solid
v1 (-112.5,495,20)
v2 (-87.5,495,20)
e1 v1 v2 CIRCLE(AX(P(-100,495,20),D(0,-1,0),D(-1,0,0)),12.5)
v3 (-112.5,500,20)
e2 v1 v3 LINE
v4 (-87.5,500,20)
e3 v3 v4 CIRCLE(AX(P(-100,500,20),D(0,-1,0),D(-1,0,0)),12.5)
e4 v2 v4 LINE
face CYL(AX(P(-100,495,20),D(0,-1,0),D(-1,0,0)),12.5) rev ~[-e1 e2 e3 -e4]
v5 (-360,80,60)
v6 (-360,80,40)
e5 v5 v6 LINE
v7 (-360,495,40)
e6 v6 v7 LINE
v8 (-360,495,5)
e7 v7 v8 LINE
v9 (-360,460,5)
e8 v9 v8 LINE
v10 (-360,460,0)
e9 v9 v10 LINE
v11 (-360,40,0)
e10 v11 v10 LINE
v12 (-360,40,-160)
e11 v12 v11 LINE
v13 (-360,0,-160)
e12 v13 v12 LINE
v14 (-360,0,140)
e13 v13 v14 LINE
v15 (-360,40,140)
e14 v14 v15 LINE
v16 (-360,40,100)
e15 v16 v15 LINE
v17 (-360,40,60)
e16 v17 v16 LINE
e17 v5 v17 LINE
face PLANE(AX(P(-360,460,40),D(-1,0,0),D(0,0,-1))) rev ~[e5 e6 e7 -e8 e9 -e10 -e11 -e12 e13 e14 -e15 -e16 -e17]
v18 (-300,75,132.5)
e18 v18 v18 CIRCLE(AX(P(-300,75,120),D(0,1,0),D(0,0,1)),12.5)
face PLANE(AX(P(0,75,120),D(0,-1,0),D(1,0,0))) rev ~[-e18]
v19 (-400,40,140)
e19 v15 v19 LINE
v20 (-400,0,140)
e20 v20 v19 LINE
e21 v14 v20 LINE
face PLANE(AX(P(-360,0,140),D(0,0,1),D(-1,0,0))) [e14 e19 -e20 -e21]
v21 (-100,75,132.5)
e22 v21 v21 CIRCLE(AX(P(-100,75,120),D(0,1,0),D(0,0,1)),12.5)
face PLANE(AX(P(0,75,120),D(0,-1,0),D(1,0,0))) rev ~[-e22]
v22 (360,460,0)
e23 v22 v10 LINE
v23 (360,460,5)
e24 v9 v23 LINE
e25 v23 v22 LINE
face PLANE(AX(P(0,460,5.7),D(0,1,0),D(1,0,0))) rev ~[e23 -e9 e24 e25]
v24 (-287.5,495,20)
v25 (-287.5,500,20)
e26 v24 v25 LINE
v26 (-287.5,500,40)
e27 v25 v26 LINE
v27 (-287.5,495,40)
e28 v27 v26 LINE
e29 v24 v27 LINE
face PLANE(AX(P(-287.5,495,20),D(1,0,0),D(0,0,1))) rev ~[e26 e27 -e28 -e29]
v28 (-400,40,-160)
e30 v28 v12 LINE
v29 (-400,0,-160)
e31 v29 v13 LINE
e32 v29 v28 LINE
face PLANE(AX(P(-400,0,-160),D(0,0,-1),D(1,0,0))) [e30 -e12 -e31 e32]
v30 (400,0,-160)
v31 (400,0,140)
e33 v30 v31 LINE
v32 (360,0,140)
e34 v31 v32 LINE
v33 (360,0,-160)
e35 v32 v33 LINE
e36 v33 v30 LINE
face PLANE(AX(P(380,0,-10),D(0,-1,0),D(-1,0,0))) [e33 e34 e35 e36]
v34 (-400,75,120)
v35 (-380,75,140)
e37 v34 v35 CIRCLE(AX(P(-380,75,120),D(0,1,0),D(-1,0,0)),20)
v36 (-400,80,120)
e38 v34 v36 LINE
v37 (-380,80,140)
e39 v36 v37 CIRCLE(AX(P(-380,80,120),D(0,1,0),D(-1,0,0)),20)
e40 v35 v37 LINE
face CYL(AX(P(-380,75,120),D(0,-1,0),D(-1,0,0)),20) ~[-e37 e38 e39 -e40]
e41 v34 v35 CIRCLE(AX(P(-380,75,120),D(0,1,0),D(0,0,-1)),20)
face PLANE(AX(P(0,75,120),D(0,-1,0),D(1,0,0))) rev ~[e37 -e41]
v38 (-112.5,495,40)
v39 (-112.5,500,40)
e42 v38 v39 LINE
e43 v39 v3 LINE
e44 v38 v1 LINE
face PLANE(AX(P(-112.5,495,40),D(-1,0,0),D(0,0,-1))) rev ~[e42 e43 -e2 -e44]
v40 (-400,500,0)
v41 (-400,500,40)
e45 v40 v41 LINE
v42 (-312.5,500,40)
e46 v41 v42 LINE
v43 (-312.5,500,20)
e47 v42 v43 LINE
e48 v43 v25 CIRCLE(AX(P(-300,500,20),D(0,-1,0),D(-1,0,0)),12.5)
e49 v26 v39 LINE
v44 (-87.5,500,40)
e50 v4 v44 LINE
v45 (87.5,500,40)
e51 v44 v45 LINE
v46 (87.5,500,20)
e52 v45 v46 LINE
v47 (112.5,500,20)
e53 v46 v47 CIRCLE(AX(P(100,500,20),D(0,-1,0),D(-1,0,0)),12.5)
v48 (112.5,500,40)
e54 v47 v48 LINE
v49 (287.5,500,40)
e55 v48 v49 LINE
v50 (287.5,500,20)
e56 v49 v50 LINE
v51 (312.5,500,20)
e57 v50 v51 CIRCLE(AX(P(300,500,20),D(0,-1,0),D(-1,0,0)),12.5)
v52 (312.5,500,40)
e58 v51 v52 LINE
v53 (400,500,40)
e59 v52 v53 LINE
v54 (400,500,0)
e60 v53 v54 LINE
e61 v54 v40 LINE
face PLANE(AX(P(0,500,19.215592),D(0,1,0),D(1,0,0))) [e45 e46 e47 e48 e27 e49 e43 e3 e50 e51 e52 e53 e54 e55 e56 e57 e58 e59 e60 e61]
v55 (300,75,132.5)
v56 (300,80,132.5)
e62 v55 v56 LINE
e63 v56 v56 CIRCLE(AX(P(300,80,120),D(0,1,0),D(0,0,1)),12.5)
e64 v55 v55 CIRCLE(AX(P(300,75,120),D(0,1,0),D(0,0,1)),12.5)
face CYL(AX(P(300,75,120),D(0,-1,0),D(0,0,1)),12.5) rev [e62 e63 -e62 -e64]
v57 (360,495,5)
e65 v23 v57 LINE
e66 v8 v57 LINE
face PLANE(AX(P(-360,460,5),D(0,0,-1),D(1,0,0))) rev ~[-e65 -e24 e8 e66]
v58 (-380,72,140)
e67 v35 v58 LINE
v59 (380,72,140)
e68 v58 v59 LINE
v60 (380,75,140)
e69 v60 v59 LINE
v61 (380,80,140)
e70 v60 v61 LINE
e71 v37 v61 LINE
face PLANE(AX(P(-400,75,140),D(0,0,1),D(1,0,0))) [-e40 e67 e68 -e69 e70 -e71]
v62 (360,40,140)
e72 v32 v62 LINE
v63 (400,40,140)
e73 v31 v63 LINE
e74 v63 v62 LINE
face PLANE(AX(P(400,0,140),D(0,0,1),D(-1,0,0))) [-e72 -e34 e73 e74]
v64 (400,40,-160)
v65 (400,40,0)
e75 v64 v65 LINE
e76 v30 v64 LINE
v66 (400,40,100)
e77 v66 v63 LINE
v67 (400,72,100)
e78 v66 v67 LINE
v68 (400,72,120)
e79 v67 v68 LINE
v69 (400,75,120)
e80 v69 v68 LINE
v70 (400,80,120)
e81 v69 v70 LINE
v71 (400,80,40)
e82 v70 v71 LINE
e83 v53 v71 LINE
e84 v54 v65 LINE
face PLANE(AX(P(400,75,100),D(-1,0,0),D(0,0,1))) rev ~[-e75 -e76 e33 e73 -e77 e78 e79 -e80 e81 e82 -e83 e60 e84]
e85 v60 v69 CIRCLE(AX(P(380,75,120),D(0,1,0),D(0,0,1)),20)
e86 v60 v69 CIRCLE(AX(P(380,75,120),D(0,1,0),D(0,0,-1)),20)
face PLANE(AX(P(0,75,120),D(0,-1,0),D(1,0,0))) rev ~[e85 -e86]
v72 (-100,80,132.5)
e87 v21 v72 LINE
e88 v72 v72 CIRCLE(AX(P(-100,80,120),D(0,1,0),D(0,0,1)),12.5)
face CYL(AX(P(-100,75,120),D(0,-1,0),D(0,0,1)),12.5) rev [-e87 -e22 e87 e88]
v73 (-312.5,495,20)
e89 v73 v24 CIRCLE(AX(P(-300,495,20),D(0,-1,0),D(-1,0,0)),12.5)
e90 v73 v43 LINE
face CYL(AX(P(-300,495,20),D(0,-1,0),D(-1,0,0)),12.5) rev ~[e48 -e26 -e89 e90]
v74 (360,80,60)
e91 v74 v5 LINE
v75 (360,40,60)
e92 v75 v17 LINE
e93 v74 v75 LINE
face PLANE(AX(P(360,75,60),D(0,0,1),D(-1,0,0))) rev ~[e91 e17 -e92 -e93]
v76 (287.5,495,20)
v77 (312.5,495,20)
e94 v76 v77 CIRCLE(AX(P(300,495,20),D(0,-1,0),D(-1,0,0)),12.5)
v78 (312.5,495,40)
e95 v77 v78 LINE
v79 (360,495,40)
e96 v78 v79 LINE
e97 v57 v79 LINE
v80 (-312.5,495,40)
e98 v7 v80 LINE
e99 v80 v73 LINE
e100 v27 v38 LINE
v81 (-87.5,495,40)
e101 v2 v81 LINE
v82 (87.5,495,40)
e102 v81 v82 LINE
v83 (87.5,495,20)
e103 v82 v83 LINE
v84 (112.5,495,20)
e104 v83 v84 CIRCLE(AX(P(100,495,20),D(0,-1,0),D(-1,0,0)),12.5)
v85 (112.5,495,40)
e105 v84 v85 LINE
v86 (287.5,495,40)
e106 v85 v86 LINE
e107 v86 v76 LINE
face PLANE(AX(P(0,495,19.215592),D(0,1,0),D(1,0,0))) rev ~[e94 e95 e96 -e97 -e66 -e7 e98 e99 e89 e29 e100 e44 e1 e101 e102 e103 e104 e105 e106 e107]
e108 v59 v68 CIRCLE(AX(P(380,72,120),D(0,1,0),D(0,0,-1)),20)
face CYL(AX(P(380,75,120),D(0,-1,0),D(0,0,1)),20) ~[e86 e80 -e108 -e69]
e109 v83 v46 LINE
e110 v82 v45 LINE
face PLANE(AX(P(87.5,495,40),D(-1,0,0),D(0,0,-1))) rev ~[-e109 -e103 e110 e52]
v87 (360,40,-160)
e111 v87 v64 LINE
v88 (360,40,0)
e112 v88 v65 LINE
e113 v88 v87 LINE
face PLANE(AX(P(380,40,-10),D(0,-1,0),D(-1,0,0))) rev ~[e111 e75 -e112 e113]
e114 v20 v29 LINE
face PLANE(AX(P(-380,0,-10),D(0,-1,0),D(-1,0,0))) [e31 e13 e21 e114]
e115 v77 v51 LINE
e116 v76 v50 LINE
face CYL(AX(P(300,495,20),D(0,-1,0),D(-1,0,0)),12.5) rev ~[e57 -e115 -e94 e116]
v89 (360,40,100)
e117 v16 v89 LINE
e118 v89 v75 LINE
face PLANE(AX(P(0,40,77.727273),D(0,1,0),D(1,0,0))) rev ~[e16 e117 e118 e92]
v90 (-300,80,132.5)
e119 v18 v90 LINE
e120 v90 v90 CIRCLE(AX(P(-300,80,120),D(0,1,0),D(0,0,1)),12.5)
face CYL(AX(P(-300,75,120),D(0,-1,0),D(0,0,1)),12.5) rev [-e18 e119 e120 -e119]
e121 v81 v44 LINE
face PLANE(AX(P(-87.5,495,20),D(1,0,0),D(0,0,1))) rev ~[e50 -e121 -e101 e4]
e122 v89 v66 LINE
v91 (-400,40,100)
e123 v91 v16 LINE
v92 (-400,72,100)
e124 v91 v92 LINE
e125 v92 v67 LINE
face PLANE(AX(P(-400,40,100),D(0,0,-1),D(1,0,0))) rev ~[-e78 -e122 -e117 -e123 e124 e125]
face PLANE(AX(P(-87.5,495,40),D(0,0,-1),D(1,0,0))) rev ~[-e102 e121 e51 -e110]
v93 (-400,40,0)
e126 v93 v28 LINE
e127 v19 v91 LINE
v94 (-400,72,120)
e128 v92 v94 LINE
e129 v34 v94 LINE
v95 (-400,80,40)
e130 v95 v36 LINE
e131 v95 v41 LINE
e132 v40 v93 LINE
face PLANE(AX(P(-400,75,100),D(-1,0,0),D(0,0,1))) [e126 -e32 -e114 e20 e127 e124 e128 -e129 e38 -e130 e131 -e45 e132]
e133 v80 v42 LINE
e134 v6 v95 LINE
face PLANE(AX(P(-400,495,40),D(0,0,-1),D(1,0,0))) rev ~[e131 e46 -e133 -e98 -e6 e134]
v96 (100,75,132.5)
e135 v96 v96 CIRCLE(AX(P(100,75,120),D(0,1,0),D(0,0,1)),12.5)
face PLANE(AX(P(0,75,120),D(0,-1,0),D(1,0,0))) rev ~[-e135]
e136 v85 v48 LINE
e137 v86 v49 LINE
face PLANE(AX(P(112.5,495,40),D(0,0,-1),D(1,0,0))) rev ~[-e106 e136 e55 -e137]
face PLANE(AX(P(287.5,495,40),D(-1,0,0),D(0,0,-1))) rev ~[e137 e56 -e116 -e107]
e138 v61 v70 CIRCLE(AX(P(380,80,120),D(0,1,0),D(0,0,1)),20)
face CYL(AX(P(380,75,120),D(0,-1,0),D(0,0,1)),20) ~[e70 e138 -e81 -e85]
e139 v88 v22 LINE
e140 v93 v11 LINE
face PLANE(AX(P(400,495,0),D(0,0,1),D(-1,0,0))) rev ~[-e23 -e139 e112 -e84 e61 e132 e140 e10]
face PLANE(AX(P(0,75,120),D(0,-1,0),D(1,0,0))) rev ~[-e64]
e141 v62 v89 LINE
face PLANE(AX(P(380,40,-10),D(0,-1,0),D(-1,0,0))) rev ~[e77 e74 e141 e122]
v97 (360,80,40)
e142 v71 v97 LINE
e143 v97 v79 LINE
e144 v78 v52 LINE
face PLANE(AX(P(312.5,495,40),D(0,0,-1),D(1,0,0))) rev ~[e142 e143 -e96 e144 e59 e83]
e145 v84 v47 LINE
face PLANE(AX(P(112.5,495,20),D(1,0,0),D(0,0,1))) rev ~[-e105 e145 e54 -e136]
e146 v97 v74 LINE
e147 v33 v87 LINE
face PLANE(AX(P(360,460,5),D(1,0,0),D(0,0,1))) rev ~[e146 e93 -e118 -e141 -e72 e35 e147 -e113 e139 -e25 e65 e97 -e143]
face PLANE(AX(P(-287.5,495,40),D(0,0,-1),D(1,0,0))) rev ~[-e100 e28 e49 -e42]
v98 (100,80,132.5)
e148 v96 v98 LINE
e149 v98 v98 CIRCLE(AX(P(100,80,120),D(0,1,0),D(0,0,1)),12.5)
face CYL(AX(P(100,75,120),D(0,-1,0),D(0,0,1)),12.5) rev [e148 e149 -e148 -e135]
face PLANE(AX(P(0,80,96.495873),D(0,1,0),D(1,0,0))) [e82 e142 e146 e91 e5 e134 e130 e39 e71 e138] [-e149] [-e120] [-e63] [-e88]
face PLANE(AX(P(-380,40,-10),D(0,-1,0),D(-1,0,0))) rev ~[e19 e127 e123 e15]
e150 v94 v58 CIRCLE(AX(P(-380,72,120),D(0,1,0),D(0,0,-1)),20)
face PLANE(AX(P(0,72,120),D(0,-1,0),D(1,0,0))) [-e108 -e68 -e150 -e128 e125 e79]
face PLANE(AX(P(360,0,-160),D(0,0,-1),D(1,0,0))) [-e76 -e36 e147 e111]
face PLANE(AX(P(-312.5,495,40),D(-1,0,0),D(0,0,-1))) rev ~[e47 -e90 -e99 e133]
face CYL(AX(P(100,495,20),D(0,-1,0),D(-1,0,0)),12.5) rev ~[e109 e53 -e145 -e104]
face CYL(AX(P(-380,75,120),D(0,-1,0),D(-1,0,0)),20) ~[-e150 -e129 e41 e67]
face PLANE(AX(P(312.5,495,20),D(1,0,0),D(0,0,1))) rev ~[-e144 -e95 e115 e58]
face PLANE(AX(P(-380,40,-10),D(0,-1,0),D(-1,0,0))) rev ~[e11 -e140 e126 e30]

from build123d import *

# Parameters (mm, degrees)
EXTRUDE_1_DEPTH   = 40
EXTRUDE_1_2_DEPTH = 40
EXTRUDE_2_DEPTH   = 35
SKETCH_3_R        = 12.500000000000005
SKETCH_3_R_2      = 12.500000000000002
EXTRUDE_3_DEPTH   = 5
SKETCH_4_W        = 40
SKETCH_4_H        = 39.99999999999998
SKETCH_4_W_2      = 39.99999999999994
SKETCH_4_H_2      = 39.99999999999989
EXTRUDE_4_DEPTH   = 420
EXTRUDE_5_DEPTH   = 35
EXTRUDE_6_DEPTH   = 5
SKETCH_7_W        = 799.9999999999998
SKETCH_7_H        = 40.00000000000007
EXTRUDE_7_DEPTH   = 3
FILLET_1_R        = 20


with BuildPart() as part:
    # 草图1 → 凸台-拉伸1 (new body)
    with BuildSketch(Plane(origin=(0, 0, 0), x_dir=(1, 0, 0), z_dir=(0, 1, 0))):
        Polygon((-399.99999999999994, 160), (-360, 160), (-359.99999999999994, -139.99999999999997), (-399.99999999999983, -139.99999999999997), align=None)
    extrude(amount=EXTRUDE_1_DEPTH)



with BuildPart() as body_2:
    # 草图1 → Extrude 1 2 (new body)
    with BuildSketch(Plane(origin=(0, 0, 0), x_dir=(1, 0, 0), z_dir=(0, 1, 0))):
        Polygon((360, 160), (399.99999999999994, 160), (399.99999999999983, -139.99999999999997), (359.99999999999994, -139.99999999999997), align=None)
    extrude(amount=EXTRUDE_1_2_DEPTH)


with BuildPart() as part_1:
    add(part.part)

    add(body_2.part)  # 凸台-拉伸2 merges body 2
    # 草图2 → 凸台-拉伸2 (add)
    with BuildSketch(Plane(origin=(0, 40, 0), x_dir=(1, 0, 0), z_dir=(0, 1, 0))):
        Polygon((-399.99999999999994, -39.999999999999986), (-399.99999999999994, -99.9999999999999), (399.9999999999998, -99.9999999999999), (399.99999999999983, -39.999999999999886), (360, -39.99999999999989), (360, -59.99999999999989), (-359.99999999999994, -59.999999999999986), (-359.99999999999994, -39.99999999999998), align=None)
    extrude(amount=EXTRUDE_2_DEPTH)

    # 草图3 → 凸台-拉伸3 (add)
    with BuildSketch(Plane(origin=(0, 75.00000000000001, 0), x_dir=(1, 0, 0), z_dir=(0, 1, 0))):
        with BuildLine():
            Line((-399.99999999999994, -39.999999999999986), (-399.99999999999983, -119.99999999999999))
            ThreePointArc((-399.99999999999983, -119.99999999999999), (-394.1421356237308, -134.14213562373092), (-379.99999999999983, -139.99999999999997))
            Line((-379.99999999999983, -139.99999999999997), (379.99999999999983, -140))
            ThreePointArc((379.99999999999983, -140), (394.1421356237308, -134.14213562373095), (399.99999999999983, -119.99999999999999))
            Line((399.99999999999983, -119.99999999999999), (399.9999999999999, -39.99999999999989))
            Line((399.9999999999999, -39.99999999999989), (359.99999999999994, -39.99999999999989))
            Line((359.99999999999994, -39.99999999999989), (360, -59.99999999999989))
            Line((360, -59.99999999999989), (-359.99999999999994, -59.999999999999986))
            Line((-359.99999999999994, -59.999999999999986), (-359.99999999999994, -39.99999999999998))
            Line((-359.99999999999994, -39.99999999999998), (-399.99999999999994, -39.999999999999986))
        make_face()
        with Locations(Location((-300.00000000000017, -119.99999999999999, 0), (0, 0, 270))):
            Circle(SKETCH_3_R, mode=Mode.SUBTRACT)
        with Locations(Location((-100.00000000000014, -119.99999999999999, 0), (0, 0, 270))):
            Circle(SKETCH_3_R_2, mode=Mode.SUBTRACT)
        with Locations(Location((99.99999999999987, -119.99999999999999, 0), (0, 0, 270))):
            Circle(SKETCH_3_R_2, mode=Mode.SUBTRACT)
        with Locations(Location((299.9999999999999, -119.99999999999999, 0), (0, 0, 270))):
            Circle(SKETCH_3_R, mode=Mode.SUBTRACT)
    extrude(amount=EXTRUDE_3_DEPTH)

    # 草图4 → 凸台-拉伸4 (add)
    with BuildSketch(Plane(origin=(0, 40, 0), x_dir=(1, 0, 0), z_dir=(0, 1, 0))):
        with Locations((-379.99999999999994, -19.999999999999996)):
            Rectangle(SKETCH_4_W, SKETCH_4_H)
        with Locations((379.9999999999999, -19.999999999999947)):
            Rectangle(SKETCH_4_W_2, SKETCH_4_H_2)
    extrude(amount=EXTRUDE_4_DEPTH)

    # 草图5 → 凸台-拉伸5 (add)
    with BuildSketch(Plane(origin=(0, 459.99999999999994, 0), x_dir=(1, 0, 0), z_dir=(0, 1, 0))):
        Polygon((-399.99999999999994, -6.94e-15), (-399.99999999999994, -39.999999999999986), (-359.99999999999994, -39.999999999999986), (-359.99999999999994, -5.000000000000095), (359.99999999999994, -5.000000000000094), (359.99999999999994, -39.99999999999989), (399.9999999999999, -39.99999999999989), (399.9999999999999, 0), align=None)
    extrude(amount=EXTRUDE_5_DEPTH)

    # 草图6 → 凸台-拉伸6 (add)
    with BuildSketch(Plane(origin=(0, 495, 0), x_dir=(1, 0, 0), z_dir=(0, 1, 0))):
        with BuildLine():
            Line((-399.99999999999994, -6.94e-15), (-399.99999999999994, -39.999999999999986))
            Line((-399.99999999999994, -39.999999999999986), (-312.50000000000017, -39.999999999999986))
            Line((-312.50000000000017, -39.999999999999986), (-312.50000000000017, -20.000000000000014))
            ThreePointArc((-312.50000000000017, -20.000000000000014), (-300.00000000000017, -7.500000000000011), (-287.5000000000001, -20.00000000000001))
            Line((-287.5000000000001, -20.00000000000001), (-287.50000000000017, -39.999999999999986))
            Line((-287.50000000000017, -39.999999999999986), (-112.50000000000018, -39.999999999999986))
            Line((-112.50000000000018, -39.999999999999986), (-112.50000000000017, -20.00000000000001))
            ThreePointArc((-112.50000000000017, -20.00000000000001), (-100.00000000000014, -7.499999999999982), (-87.5000000000001, -20.00000000000001))
            Line((-87.5000000000001, -20.00000000000001), (-87.5000000000001, -39.999999999999986))
            Line((-87.5000000000001, -39.999999999999986), (87.49999999999994, -39.999999999999986))
            Line((87.49999999999994, -39.999999999999986), (87.49999999999994, -20.00000000000001))
            ThreePointArc((87.49999999999994, -20.00000000000001), (99.99999999999993, -7.500000000000025), (112.4999999999999, -20.00000000000001))
            Line((112.4999999999999, -20.00000000000001), (112.4999999999999, -39.999999999999986))
            Line((112.4999999999999, -39.999999999999986), (287.49999999999994, -39.999999999999986))
            Line((287.49999999999994, -39.999999999999986), (287.5, -20.00000000000001))
            ThreePointArc((287.5, -20.00000000000001), (299.99999999999994, -7.5000000000000675), (312.49999999999994, -20.00000000000001))
            Line((312.49999999999994, -20.00000000000001), (312.49999999999994, -39.999999999999986))
            Line((312.49999999999994, -39.999999999999986), (399.9999999999999, -39.99999999999989))
            Line((399.9999999999999, -39.99999999999989), (399.9999999999999, 0))
            Line((399.9999999999999, 0), (-399.99999999999994, -6.94e-15))
        make_face()
    extrude(amount=EXTRUDE_6_DEPTH)

    # 草图7 → 凸台-拉伸7 (add)
    with BuildSketch(Plane.XZ.offset(-75.00000000000001)):
        with Locations((0, 119.99999999999994)):
            Rectangle(SKETCH_7_W, SKETCH_7_H)
    extrude(amount=EXTRUDE_7_DEPTH)

    # 圆角1
    fillet_1_edges = [part_1.edges().sort_by_distance(p)[0] for p in [
        (399.99999999999983, 73.50000000000001, 139.99999999999997),
        (-399.99999999999983, 73.50000000000001, 139.99999999999997),
    ]]
    fillet(fillet_1_edges, radius=FILLET_1_R)


solid = part_1.part
